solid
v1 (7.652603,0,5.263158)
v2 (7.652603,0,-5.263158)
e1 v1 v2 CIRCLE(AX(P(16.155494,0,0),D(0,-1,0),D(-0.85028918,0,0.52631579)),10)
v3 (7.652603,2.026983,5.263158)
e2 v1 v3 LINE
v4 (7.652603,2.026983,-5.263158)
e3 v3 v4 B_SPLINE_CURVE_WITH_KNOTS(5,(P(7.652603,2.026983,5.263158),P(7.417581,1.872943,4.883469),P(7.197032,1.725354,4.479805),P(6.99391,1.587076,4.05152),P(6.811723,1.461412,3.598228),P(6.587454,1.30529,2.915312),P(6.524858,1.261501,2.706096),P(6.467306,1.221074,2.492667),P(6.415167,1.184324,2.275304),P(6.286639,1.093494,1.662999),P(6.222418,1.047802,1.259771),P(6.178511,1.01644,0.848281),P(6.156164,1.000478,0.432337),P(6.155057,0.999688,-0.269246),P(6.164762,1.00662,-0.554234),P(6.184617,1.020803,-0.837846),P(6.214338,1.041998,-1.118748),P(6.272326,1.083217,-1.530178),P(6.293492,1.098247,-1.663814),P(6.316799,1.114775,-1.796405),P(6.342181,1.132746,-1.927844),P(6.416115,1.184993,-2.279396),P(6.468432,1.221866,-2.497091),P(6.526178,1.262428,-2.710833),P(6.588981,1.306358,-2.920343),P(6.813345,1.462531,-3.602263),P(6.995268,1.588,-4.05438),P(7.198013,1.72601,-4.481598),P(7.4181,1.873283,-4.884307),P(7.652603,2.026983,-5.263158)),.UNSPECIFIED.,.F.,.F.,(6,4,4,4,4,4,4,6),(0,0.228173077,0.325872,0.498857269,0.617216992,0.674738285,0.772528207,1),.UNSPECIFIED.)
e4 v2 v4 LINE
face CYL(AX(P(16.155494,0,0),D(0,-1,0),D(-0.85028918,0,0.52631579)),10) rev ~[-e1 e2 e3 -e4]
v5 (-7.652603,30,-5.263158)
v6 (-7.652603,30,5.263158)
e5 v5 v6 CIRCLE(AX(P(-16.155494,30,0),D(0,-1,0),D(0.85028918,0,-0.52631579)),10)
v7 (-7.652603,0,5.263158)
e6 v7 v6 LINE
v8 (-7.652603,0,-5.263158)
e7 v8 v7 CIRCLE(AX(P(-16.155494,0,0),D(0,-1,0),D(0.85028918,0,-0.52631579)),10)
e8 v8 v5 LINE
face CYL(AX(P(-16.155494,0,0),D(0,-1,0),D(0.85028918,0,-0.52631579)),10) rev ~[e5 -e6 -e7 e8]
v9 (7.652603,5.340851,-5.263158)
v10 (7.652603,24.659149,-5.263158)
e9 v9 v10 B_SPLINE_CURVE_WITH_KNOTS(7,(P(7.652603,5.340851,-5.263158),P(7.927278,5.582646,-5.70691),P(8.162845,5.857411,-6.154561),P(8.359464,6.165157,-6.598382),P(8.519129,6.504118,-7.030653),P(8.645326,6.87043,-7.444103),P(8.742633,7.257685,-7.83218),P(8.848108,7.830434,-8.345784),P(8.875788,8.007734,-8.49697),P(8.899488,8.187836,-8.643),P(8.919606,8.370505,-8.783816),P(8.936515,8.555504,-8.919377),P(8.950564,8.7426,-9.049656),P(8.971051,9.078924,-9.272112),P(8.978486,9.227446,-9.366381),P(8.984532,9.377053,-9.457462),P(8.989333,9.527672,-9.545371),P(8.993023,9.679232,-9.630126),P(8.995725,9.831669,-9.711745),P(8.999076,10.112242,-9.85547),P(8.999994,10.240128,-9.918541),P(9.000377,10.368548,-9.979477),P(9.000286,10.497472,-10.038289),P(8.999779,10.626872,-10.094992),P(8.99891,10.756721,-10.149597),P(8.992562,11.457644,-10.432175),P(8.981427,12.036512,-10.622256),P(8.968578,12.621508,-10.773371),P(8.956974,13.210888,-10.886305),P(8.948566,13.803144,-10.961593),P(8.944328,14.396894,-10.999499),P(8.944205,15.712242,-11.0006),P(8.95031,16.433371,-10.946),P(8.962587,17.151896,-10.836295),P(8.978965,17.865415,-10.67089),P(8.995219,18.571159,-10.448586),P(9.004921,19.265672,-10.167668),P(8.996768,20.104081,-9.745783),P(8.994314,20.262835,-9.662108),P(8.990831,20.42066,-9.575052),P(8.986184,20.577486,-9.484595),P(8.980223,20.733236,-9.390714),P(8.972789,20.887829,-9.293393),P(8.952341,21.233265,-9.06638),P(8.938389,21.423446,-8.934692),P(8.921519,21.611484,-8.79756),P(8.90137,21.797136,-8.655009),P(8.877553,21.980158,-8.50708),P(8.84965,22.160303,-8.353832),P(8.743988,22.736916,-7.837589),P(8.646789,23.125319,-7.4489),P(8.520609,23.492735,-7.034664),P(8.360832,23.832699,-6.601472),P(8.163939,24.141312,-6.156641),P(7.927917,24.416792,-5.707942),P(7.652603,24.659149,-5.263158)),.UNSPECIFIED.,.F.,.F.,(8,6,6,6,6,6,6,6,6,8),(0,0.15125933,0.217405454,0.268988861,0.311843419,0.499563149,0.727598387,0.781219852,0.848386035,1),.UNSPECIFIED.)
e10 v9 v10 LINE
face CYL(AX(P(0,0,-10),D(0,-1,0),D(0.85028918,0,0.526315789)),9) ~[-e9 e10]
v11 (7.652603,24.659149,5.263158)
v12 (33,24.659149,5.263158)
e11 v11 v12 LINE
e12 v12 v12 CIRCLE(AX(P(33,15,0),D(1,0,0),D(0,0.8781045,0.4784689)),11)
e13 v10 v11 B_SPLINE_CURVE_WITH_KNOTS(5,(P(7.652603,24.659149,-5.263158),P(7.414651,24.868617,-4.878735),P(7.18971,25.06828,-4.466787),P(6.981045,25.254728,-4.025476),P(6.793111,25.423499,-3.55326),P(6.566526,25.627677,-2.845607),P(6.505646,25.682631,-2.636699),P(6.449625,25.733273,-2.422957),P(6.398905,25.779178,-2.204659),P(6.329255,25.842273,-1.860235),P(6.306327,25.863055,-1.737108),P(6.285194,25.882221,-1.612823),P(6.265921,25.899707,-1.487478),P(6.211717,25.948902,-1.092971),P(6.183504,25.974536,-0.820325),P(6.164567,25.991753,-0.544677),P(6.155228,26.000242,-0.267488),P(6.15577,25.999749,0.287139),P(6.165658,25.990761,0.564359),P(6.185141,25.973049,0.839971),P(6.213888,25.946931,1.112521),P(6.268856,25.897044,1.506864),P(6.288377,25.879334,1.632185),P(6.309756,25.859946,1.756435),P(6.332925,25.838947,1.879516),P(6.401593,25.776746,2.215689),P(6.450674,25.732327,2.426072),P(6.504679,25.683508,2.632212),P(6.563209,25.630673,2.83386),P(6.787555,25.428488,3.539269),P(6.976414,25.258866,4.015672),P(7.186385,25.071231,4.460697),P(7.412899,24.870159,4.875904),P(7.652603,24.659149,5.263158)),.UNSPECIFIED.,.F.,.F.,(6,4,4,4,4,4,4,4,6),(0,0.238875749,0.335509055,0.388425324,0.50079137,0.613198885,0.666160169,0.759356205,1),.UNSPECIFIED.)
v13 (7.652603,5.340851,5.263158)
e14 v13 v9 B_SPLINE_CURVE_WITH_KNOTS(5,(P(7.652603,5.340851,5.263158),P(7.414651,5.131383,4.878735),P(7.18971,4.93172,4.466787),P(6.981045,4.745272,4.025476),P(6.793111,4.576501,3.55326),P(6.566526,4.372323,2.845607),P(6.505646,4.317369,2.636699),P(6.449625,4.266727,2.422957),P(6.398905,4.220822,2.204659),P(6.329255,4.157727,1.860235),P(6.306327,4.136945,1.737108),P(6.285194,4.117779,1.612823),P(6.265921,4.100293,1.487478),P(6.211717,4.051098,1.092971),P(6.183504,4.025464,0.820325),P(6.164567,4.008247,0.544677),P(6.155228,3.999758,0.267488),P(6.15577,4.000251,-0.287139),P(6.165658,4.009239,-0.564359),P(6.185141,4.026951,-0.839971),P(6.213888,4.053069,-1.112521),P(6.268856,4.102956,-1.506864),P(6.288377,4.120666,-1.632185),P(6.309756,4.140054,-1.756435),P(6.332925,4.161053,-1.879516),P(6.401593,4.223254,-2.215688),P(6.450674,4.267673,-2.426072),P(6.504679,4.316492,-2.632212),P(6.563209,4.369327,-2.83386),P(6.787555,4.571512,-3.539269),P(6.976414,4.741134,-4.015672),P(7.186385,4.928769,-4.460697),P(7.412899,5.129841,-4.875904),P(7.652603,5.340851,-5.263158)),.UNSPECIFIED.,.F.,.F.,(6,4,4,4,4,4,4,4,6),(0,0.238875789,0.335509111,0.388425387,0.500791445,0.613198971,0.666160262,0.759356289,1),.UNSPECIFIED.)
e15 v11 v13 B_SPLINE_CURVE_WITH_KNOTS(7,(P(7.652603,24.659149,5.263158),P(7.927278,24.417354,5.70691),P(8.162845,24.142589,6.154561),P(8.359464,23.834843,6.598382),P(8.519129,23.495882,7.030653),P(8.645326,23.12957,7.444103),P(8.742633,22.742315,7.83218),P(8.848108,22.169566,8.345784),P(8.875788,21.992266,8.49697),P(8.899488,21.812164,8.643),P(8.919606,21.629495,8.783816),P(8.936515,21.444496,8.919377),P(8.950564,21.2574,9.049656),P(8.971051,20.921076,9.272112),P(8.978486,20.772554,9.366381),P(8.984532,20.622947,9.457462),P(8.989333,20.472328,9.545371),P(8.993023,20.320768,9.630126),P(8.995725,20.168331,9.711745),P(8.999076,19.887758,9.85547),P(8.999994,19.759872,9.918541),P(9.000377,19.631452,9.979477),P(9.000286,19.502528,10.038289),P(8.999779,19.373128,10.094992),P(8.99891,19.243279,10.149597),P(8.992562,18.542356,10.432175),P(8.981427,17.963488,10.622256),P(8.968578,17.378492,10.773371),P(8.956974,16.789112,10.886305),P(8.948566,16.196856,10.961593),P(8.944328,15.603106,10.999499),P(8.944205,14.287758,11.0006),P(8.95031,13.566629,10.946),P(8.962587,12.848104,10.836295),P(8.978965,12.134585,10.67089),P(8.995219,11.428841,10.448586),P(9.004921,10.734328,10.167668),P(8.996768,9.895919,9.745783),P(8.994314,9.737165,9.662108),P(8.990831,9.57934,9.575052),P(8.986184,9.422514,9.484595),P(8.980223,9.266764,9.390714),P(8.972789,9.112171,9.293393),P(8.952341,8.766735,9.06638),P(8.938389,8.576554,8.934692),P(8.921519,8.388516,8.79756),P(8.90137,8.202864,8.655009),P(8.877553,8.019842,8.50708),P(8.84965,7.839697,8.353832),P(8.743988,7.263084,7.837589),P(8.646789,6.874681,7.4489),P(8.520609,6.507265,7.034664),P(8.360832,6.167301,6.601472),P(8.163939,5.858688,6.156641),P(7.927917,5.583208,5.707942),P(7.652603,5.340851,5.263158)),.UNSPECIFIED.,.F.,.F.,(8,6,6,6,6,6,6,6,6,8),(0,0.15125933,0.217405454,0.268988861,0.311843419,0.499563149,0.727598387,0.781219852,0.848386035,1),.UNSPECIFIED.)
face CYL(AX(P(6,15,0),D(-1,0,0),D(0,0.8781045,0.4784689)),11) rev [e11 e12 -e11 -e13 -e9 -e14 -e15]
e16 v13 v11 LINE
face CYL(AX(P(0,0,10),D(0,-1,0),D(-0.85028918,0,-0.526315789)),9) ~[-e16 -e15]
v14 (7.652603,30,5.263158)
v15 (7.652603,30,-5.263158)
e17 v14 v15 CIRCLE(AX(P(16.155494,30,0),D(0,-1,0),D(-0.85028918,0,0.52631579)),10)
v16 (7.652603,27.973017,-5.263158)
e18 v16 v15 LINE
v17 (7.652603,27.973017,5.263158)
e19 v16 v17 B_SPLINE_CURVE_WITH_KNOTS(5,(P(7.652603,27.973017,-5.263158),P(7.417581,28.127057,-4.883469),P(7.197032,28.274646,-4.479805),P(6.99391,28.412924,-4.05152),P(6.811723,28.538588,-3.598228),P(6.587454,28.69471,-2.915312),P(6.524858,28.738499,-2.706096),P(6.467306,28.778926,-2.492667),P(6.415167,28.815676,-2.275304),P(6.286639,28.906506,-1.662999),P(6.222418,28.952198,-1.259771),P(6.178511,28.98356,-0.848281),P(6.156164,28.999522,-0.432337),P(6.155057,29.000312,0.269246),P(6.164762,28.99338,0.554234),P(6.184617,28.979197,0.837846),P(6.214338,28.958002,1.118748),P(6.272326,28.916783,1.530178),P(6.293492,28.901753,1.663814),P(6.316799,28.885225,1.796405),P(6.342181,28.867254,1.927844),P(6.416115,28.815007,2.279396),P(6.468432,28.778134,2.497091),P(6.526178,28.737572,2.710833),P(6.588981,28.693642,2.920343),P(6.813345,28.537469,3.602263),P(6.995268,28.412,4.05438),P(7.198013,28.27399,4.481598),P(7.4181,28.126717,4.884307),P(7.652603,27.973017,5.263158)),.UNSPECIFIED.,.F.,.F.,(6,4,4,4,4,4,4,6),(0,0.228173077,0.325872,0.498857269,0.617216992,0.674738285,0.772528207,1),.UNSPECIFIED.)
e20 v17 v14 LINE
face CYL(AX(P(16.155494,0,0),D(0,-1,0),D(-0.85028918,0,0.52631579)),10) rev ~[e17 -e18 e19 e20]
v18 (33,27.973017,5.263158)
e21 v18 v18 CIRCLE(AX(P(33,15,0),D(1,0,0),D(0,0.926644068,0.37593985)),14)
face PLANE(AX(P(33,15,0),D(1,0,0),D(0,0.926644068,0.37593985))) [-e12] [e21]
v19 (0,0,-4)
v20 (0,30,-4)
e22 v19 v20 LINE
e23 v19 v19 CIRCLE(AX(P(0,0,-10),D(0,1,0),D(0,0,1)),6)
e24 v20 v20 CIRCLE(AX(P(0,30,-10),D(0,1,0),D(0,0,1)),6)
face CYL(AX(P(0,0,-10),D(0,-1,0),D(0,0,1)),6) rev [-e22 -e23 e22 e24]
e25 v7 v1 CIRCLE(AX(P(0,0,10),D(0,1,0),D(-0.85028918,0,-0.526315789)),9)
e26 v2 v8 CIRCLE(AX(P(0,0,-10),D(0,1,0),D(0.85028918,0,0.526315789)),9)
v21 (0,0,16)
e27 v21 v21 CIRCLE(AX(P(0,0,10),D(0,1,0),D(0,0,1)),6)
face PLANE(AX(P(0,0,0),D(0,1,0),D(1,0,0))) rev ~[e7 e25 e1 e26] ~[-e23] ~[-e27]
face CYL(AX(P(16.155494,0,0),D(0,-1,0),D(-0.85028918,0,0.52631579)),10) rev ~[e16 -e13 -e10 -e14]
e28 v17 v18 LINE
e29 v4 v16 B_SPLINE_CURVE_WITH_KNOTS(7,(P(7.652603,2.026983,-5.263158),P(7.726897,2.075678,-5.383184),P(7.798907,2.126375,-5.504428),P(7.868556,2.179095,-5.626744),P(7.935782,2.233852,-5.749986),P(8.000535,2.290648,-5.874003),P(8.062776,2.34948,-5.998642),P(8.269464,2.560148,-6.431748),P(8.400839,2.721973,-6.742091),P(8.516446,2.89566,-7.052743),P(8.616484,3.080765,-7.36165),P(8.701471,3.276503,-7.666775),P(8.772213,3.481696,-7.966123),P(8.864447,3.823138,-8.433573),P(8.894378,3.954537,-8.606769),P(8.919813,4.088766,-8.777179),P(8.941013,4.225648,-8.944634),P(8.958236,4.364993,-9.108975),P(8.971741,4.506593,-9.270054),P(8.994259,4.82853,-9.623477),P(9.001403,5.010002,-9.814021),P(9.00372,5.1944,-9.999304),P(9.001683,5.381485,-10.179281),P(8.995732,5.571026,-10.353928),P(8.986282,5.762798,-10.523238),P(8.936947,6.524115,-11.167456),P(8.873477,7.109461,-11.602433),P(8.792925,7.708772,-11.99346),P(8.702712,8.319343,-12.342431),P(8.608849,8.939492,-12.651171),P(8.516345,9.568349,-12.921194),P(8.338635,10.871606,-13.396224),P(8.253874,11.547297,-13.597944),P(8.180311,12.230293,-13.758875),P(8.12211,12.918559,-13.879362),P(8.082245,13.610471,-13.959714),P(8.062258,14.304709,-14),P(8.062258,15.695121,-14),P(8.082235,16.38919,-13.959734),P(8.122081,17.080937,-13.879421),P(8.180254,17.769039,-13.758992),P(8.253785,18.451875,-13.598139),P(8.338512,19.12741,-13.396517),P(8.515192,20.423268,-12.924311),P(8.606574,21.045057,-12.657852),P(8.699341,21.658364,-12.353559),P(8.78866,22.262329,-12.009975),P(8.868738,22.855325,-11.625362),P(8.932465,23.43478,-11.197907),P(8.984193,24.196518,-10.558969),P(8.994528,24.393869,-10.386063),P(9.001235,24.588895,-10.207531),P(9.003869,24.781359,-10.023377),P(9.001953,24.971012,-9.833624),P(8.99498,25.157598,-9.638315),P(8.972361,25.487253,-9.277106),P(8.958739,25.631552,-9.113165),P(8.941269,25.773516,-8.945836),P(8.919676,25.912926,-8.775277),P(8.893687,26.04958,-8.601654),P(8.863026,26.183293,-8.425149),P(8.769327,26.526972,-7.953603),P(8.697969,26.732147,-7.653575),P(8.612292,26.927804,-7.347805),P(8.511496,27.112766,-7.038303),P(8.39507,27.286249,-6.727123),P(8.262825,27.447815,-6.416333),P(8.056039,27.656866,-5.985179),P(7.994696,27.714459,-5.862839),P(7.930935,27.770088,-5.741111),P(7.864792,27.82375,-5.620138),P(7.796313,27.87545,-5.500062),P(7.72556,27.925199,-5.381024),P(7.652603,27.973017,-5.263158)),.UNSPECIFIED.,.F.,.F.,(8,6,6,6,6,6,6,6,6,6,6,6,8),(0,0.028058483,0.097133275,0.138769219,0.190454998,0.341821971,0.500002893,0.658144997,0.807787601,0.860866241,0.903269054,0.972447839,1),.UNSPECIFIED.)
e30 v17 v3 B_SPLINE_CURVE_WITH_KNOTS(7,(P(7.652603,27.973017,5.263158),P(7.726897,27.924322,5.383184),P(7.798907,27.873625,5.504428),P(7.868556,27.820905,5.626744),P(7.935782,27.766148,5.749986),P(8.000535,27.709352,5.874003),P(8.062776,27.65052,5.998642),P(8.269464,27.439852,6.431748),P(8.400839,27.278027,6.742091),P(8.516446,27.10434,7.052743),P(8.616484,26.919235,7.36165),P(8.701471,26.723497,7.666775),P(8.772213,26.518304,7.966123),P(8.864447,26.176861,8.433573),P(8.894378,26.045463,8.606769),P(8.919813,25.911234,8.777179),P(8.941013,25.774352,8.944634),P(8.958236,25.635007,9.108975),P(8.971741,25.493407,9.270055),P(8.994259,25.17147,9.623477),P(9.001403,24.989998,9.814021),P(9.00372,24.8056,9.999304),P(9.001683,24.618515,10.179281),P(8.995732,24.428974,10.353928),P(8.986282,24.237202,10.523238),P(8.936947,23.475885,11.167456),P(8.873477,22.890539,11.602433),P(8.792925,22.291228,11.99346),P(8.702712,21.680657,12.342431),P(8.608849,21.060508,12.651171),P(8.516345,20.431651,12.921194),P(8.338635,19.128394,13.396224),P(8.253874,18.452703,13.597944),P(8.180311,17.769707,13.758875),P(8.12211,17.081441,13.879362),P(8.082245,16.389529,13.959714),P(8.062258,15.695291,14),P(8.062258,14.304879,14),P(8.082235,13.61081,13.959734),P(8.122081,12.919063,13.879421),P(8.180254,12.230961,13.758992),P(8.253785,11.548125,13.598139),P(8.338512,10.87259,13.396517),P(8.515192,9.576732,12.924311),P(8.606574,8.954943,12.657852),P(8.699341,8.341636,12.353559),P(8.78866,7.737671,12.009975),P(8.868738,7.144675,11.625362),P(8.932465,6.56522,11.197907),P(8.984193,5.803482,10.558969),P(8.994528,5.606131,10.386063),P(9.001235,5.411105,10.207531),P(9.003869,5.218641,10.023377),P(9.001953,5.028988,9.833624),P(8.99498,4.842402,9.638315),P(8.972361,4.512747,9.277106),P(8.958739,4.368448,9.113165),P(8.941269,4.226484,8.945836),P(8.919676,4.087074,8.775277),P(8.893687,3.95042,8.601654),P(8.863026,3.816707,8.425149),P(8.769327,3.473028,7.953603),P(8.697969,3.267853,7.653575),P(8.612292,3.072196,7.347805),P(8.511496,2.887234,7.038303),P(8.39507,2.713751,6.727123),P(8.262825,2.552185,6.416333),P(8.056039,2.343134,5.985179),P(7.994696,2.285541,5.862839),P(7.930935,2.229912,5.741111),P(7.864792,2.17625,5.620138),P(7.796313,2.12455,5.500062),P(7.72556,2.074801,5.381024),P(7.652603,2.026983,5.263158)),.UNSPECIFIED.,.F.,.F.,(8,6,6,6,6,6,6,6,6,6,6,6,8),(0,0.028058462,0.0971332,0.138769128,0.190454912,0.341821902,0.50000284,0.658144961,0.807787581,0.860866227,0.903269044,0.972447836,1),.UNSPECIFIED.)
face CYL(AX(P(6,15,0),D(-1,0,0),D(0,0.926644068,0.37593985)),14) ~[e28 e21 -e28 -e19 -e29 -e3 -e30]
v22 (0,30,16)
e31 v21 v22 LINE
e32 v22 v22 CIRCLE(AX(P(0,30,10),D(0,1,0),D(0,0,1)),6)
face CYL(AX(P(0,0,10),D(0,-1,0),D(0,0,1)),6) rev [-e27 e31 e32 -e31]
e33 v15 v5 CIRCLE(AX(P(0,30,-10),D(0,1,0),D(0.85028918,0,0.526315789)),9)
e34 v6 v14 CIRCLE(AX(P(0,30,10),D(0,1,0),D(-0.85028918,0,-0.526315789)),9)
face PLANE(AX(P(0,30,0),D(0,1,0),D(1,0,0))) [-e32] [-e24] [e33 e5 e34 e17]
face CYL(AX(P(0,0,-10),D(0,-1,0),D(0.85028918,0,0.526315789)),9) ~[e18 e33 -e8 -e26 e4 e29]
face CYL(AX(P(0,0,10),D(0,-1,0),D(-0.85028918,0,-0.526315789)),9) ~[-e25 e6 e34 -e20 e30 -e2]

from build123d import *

# Parameters (mm, degrees)
SKETCH1_R                = 6
BOSS_EXTRUDE1_DEPTH      = 30
BOSS_EXTRUDE2_DEPTH      = 23
BOSS_EXTRUDE2_DEPTH_BACK = 4
SKETCH2_R                = 14
SKETCH2_R_2              = 11


with BuildPart() as part:
    # Sketch1 → Boss-Extrude1 (new body)
    with BuildSketch(Plane(origin=(0, 0, 0), x_dir=(1, 0, 0), z_dir=(0, 1, 0))):
        with BuildLine():
            ThreePointArc((7.652602621, 5.263157895), (0, 19), (-7.652602621, 5.263157895))
            ThreePointArc((-7.652602621, 5.263157895), (-6.155494421, 0), (-7.652602621, -5.263157895))
            ThreePointArc((-7.652602621, -5.263157895), (0, -19), (7.652602621, -5.263157895))
            ThreePointArc((7.652602621, -5.263157895), (6.155494421, 0), (7.652602621, 5.263157895))
        make_face()
        with Locations(Location((0, 10, 0), (0, 0, 270))):
            Circle(SKETCH1_R, mode=Mode.SUBTRACT)
        with Locations(Location((0, -10, 0), (0, 0, 270))):
            Circle(SKETCH1_R, mode=Mode.SUBTRACT)
    extrude(amount=BOSS_EXTRUDE1_DEPTH)

    # Sketch2 → Boss-Extrude2 (add, two sides: drawn at the far end of the back side and taken through both)
    with BuildSketch(Plane(origin=(10, 0, 0), x_dir=(0, 0, -1), z_dir=(1, 0, 0)).offset(-BOSS_EXTRUDE2_DEPTH_BACK)):
        with Locations(Location((0, 15, 0), (0, 0, 112.082413194))):
            Circle(SKETCH2_R)
        with Locations(Location((0, 15, 0), (0, 0, 118.585451093))):
            Circle(SKETCH2_R_2, mode=Mode.SUBTRACT)
    extrude(amount=BOSS_EXTRUDE2_DEPTH + BOSS_EXTRUDE2_DEPTH_BACK)


solid = part.part
